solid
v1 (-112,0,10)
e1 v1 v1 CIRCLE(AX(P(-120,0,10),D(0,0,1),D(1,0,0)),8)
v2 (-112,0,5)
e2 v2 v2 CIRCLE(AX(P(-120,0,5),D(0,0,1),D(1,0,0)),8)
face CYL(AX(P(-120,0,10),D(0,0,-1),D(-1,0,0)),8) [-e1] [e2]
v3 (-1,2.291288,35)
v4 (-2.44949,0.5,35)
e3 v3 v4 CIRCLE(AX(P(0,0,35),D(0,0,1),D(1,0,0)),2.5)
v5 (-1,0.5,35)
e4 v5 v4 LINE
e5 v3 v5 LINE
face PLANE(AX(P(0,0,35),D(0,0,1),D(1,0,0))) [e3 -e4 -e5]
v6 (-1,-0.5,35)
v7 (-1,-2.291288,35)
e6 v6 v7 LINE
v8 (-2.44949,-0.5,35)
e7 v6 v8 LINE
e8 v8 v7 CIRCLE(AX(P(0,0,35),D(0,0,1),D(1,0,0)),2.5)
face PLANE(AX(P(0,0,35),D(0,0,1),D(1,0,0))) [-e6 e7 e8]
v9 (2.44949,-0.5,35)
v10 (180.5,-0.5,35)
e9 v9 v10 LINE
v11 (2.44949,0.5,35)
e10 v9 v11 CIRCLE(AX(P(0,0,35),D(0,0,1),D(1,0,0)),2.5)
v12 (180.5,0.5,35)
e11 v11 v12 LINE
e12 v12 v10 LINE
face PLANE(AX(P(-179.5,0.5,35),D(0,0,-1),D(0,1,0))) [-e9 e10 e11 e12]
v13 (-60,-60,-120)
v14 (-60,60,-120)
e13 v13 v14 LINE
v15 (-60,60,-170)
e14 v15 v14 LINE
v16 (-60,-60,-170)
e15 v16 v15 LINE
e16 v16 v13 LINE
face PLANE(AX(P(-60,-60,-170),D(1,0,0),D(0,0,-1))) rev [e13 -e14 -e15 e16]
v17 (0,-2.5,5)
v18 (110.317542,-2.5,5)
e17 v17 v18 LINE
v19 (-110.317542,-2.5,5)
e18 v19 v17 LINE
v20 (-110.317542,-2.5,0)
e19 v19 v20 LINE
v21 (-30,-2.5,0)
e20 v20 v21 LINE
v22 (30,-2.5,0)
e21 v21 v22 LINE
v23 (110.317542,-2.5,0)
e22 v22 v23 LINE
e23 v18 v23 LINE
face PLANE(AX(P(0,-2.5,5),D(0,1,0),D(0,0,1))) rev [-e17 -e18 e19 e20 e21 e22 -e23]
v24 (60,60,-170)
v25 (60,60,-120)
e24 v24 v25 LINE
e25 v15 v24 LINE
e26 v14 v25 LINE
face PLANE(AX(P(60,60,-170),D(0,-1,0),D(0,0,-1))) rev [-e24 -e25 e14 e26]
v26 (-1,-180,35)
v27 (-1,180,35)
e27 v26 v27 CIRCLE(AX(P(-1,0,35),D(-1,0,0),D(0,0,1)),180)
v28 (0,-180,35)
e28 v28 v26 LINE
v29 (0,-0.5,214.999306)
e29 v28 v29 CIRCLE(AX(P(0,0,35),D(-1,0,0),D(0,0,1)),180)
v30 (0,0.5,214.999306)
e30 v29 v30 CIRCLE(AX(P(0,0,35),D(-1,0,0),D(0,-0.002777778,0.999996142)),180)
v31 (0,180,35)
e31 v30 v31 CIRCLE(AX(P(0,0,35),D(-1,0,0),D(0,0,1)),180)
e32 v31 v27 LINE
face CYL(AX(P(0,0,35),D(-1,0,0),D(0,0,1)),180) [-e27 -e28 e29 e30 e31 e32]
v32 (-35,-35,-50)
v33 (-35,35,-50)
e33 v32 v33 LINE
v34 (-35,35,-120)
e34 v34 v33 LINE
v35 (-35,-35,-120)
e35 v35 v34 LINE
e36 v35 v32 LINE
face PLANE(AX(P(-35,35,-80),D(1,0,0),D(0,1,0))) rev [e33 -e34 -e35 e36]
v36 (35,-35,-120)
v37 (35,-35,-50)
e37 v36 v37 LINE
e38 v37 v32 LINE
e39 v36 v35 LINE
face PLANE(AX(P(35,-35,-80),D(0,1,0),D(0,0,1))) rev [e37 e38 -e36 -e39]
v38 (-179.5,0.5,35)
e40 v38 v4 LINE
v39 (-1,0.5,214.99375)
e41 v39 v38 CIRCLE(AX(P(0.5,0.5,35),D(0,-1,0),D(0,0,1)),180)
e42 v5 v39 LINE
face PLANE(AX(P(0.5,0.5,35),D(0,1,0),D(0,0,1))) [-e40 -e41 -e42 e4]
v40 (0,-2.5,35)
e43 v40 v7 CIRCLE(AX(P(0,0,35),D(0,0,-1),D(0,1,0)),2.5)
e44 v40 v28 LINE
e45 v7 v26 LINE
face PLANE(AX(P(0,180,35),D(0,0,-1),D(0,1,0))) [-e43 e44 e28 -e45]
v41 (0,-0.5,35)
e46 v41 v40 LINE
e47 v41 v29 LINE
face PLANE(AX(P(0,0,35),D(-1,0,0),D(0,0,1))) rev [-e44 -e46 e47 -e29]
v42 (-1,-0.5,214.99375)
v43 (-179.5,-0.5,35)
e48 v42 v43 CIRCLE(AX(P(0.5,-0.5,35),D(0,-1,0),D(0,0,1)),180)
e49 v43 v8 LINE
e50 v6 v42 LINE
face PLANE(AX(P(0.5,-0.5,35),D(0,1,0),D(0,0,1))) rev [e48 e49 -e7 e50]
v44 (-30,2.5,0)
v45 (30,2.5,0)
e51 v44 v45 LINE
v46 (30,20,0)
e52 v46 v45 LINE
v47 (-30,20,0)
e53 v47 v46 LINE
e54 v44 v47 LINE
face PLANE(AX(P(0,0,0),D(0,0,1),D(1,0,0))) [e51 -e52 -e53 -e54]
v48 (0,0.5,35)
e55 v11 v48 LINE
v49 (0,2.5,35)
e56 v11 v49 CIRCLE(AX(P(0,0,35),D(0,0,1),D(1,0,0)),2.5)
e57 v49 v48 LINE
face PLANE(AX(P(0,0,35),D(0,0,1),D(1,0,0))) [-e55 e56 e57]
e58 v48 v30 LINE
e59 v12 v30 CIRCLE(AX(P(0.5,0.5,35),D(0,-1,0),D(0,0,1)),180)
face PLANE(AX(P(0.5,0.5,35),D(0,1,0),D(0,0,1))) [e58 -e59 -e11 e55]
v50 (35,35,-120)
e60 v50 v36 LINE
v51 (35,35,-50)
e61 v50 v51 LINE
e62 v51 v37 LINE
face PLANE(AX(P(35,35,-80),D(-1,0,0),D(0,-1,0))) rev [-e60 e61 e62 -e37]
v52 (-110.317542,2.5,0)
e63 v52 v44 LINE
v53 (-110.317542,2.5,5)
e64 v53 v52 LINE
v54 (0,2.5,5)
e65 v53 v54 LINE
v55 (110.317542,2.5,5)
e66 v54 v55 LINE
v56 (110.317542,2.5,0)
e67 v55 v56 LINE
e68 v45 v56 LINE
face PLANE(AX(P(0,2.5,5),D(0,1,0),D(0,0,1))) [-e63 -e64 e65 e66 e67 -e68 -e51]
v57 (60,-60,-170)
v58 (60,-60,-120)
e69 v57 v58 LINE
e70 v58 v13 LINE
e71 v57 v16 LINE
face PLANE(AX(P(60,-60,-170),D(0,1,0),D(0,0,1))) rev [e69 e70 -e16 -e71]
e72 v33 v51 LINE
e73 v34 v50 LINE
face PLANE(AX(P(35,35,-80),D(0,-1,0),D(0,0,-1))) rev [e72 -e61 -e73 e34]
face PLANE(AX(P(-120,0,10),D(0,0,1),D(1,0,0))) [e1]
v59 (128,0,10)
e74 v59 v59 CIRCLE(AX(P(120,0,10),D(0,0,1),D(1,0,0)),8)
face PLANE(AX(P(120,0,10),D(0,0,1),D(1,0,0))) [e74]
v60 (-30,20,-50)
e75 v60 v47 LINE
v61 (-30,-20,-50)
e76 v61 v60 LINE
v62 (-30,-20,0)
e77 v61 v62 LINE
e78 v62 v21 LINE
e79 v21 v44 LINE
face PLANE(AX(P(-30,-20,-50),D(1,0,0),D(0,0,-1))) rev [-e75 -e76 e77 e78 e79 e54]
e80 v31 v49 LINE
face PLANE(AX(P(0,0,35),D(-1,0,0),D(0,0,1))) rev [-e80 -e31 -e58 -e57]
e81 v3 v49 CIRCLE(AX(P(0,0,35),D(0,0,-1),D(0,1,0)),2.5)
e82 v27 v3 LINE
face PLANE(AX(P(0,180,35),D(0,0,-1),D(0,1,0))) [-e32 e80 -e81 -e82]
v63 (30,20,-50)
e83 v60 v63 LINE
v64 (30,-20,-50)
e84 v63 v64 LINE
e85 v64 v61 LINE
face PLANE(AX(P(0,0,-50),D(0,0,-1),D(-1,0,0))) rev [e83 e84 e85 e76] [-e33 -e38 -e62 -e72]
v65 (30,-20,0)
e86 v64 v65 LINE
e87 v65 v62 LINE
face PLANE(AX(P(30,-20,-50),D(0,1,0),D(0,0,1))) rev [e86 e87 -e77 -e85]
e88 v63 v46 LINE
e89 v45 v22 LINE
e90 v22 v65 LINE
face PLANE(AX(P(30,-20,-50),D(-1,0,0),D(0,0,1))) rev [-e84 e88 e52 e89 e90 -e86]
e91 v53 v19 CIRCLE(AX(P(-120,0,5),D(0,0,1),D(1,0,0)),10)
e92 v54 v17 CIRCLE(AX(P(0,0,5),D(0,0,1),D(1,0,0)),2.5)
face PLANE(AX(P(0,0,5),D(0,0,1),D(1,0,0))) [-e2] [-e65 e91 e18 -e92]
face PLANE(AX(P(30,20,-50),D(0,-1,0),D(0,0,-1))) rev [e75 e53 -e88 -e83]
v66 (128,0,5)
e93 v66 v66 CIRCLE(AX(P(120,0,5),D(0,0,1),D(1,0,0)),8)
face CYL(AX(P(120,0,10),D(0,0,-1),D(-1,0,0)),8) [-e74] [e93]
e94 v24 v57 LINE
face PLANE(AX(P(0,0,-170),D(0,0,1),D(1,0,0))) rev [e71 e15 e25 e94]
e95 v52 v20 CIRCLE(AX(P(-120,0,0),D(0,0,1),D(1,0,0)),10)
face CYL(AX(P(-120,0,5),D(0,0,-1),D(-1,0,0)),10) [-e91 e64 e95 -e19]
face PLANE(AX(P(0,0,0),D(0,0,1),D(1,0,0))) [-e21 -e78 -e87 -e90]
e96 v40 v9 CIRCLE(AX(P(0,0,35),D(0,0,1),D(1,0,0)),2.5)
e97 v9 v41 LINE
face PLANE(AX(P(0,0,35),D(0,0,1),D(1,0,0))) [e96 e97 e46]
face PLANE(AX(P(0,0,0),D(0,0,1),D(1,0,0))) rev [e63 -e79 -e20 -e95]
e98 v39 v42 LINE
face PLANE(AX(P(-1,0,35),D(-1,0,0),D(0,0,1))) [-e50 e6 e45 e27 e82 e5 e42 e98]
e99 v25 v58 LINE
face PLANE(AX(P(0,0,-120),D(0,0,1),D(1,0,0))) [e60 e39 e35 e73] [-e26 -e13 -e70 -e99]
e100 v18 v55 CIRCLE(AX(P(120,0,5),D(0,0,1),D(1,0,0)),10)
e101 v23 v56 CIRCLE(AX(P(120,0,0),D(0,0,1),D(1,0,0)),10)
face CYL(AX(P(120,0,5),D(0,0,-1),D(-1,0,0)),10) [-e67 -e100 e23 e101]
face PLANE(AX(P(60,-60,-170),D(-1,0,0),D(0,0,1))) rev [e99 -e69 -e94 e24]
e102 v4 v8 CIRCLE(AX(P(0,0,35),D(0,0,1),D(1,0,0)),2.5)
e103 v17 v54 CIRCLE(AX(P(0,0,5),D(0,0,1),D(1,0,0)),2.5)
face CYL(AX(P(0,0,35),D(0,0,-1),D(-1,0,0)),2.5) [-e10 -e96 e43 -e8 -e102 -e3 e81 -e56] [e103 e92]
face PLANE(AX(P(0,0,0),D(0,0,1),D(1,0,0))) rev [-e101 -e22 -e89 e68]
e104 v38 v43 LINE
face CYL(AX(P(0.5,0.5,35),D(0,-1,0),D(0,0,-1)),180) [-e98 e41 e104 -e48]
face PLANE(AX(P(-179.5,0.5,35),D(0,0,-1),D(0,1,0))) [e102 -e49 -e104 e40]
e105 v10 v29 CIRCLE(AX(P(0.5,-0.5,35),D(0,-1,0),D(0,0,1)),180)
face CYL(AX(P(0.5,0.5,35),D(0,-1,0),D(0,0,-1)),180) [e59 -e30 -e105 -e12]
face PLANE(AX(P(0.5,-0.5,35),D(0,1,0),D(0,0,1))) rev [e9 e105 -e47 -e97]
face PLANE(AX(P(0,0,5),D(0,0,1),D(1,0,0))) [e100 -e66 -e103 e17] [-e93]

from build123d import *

# Parameters (mm, degrees)
EXTRUDE_2_DEPTH       = 5
SKETCH_3_R            = 8
EXTRUDE_3_DEPTH       = 5
SKETCH_4_W            = 60
SKETCH_4_H            = 40
EXTRUDE_4_DEPTH       = 50
SKETCH_5_W            = 70
SKETCH_5_H            = 70
EXTRUDE_5_DEPTH       = 30
SKETCH_6_R            = 2.5
EXTRUDE_6_DEPTH       = 30
EXTRUDE_11_DEPTH      = 0.5
EXTRUDE_11_DEPTH_BACK = 0.5
EXTRUDE_12_DEPTH      = 0.5
EXTRUDE_12_DEPTH_BACK = 0.5
SKETCH_12_W           = 70
SKETCH_12_H           = 70
EXTRUDE_13_DEPTH      = 40
SKETCH_13_W           = 120
SKETCH_13_H           = 120
EXTRUDE_14_DEPTH      = 50


with BuildPart() as part:
    # 草图1 → 凸台-拉伸2 (new body)
    with BuildSketch(Plane.XY):
        with BuildLine():
            ThreePointArc((-110.317541634, 2.5), (-130, 0), (-110.317541634, -2.5))
            Line((-110.317541634, -2.5), (110.317541634, -2.5))
            ThreePointArc((110.317541634, -2.5), (130, 0), (110.317541634, 2.5))
            Line((110.317541634, 2.5), (-110.317541634, 2.5))
        make_face()
    extrude(amount=EXTRUDE_2_DEPTH)

    # 草图3 → 凸台-拉伸3 (add)
    with BuildSketch(Plane.XY.offset(5)):
        with Locations((-120, 0)):
            Circle(SKETCH_3_R)
        with Locations((120, 0)):
            Circle(SKETCH_3_R)
    extrude(amount=EXTRUDE_3_DEPTH)

    # 草图4 → 凸台-拉伸4 (add)
    with BuildSketch(Plane(origin=(0, 0, 0), x_dir=(-1, 0, 0), z_dir=(0, 0, -1))):
        Rectangle(SKETCH_4_W, SKETCH_4_H)
    extrude(amount=EXTRUDE_4_DEPTH)

    # 草图5 → 凸台-拉伸5 (add)
    with BuildSketch(Plane(origin=(0, 0, -50), x_dir=(-1, 0, 0), z_dir=(0, 0, -1))):
        Rectangle(SKETCH_5_W, SKETCH_5_H)
    extrude(amount=EXTRUDE_5_DEPTH)

    # 草图6 → 凸台-拉伸6 (add)
    with BuildSketch(Plane.XY.offset(5)):
        with Locations(Location((0, 0, 0), (0, 0, 270))):
            Circle(SKETCH_6_R)
    extrude(amount=EXTRUDE_6_DEPTH)

    # 草图10 → 凸台-拉伸11 (add, two sides: drawn at the far end of the back side and taken through both)
    with BuildSketch(Plane(origin=(0, 0, 0), x_dir=(-1, 0, 0), z_dir=(0, -1, 0)).offset(-EXTRUDE_11_DEPTH_BACK)):
        with BuildLine():
            Line((179.5, -35), (-180.5, -35))
            ThreePointArc((-180.5, -35), (-0.5, -215), (179.5, -35))
        make_face()
    extrude(amount=EXTRUDE_11_DEPTH + EXTRUDE_11_DEPTH_BACK)

    # 草图11 → 凸台-拉伸12 (add, two sides: drawn at the far end of the back side and taken through both)
    with BuildSketch(Plane.ZY.offset(0.5).offset(-EXTRUDE_12_DEPTH_BACK)):
        with BuildLine():
            Line((35, 180), (35, -180))
            ThreePointArc((35, -180), (215, 0), (35, 180))
        make_face()
    extrude(amount=EXTRUDE_12_DEPTH + EXTRUDE_12_DEPTH_BACK)

    # 草图12 → 凸台-拉伸13 (add)
    with BuildSketch(Plane(origin=(0, 0, -80), x_dir=(-1, 0, 0), z_dir=(0, 0, -1))):
        Rectangle(SKETCH_12_W, SKETCH_12_H)
    extrude(amount=EXTRUDE_13_DEPTH)

    # 草图13 → 凸台-拉伸14 (add)
    with BuildSketch(Plane(origin=(0, 0, -120), x_dir=(-1, 0, 0), z_dir=(0, 0, -1))):
        Rectangle(SKETCH_13_W, SKETCH_13_H)
    extrude(amount=EXTRUDE_14_DEPTH)


solid = part.part
